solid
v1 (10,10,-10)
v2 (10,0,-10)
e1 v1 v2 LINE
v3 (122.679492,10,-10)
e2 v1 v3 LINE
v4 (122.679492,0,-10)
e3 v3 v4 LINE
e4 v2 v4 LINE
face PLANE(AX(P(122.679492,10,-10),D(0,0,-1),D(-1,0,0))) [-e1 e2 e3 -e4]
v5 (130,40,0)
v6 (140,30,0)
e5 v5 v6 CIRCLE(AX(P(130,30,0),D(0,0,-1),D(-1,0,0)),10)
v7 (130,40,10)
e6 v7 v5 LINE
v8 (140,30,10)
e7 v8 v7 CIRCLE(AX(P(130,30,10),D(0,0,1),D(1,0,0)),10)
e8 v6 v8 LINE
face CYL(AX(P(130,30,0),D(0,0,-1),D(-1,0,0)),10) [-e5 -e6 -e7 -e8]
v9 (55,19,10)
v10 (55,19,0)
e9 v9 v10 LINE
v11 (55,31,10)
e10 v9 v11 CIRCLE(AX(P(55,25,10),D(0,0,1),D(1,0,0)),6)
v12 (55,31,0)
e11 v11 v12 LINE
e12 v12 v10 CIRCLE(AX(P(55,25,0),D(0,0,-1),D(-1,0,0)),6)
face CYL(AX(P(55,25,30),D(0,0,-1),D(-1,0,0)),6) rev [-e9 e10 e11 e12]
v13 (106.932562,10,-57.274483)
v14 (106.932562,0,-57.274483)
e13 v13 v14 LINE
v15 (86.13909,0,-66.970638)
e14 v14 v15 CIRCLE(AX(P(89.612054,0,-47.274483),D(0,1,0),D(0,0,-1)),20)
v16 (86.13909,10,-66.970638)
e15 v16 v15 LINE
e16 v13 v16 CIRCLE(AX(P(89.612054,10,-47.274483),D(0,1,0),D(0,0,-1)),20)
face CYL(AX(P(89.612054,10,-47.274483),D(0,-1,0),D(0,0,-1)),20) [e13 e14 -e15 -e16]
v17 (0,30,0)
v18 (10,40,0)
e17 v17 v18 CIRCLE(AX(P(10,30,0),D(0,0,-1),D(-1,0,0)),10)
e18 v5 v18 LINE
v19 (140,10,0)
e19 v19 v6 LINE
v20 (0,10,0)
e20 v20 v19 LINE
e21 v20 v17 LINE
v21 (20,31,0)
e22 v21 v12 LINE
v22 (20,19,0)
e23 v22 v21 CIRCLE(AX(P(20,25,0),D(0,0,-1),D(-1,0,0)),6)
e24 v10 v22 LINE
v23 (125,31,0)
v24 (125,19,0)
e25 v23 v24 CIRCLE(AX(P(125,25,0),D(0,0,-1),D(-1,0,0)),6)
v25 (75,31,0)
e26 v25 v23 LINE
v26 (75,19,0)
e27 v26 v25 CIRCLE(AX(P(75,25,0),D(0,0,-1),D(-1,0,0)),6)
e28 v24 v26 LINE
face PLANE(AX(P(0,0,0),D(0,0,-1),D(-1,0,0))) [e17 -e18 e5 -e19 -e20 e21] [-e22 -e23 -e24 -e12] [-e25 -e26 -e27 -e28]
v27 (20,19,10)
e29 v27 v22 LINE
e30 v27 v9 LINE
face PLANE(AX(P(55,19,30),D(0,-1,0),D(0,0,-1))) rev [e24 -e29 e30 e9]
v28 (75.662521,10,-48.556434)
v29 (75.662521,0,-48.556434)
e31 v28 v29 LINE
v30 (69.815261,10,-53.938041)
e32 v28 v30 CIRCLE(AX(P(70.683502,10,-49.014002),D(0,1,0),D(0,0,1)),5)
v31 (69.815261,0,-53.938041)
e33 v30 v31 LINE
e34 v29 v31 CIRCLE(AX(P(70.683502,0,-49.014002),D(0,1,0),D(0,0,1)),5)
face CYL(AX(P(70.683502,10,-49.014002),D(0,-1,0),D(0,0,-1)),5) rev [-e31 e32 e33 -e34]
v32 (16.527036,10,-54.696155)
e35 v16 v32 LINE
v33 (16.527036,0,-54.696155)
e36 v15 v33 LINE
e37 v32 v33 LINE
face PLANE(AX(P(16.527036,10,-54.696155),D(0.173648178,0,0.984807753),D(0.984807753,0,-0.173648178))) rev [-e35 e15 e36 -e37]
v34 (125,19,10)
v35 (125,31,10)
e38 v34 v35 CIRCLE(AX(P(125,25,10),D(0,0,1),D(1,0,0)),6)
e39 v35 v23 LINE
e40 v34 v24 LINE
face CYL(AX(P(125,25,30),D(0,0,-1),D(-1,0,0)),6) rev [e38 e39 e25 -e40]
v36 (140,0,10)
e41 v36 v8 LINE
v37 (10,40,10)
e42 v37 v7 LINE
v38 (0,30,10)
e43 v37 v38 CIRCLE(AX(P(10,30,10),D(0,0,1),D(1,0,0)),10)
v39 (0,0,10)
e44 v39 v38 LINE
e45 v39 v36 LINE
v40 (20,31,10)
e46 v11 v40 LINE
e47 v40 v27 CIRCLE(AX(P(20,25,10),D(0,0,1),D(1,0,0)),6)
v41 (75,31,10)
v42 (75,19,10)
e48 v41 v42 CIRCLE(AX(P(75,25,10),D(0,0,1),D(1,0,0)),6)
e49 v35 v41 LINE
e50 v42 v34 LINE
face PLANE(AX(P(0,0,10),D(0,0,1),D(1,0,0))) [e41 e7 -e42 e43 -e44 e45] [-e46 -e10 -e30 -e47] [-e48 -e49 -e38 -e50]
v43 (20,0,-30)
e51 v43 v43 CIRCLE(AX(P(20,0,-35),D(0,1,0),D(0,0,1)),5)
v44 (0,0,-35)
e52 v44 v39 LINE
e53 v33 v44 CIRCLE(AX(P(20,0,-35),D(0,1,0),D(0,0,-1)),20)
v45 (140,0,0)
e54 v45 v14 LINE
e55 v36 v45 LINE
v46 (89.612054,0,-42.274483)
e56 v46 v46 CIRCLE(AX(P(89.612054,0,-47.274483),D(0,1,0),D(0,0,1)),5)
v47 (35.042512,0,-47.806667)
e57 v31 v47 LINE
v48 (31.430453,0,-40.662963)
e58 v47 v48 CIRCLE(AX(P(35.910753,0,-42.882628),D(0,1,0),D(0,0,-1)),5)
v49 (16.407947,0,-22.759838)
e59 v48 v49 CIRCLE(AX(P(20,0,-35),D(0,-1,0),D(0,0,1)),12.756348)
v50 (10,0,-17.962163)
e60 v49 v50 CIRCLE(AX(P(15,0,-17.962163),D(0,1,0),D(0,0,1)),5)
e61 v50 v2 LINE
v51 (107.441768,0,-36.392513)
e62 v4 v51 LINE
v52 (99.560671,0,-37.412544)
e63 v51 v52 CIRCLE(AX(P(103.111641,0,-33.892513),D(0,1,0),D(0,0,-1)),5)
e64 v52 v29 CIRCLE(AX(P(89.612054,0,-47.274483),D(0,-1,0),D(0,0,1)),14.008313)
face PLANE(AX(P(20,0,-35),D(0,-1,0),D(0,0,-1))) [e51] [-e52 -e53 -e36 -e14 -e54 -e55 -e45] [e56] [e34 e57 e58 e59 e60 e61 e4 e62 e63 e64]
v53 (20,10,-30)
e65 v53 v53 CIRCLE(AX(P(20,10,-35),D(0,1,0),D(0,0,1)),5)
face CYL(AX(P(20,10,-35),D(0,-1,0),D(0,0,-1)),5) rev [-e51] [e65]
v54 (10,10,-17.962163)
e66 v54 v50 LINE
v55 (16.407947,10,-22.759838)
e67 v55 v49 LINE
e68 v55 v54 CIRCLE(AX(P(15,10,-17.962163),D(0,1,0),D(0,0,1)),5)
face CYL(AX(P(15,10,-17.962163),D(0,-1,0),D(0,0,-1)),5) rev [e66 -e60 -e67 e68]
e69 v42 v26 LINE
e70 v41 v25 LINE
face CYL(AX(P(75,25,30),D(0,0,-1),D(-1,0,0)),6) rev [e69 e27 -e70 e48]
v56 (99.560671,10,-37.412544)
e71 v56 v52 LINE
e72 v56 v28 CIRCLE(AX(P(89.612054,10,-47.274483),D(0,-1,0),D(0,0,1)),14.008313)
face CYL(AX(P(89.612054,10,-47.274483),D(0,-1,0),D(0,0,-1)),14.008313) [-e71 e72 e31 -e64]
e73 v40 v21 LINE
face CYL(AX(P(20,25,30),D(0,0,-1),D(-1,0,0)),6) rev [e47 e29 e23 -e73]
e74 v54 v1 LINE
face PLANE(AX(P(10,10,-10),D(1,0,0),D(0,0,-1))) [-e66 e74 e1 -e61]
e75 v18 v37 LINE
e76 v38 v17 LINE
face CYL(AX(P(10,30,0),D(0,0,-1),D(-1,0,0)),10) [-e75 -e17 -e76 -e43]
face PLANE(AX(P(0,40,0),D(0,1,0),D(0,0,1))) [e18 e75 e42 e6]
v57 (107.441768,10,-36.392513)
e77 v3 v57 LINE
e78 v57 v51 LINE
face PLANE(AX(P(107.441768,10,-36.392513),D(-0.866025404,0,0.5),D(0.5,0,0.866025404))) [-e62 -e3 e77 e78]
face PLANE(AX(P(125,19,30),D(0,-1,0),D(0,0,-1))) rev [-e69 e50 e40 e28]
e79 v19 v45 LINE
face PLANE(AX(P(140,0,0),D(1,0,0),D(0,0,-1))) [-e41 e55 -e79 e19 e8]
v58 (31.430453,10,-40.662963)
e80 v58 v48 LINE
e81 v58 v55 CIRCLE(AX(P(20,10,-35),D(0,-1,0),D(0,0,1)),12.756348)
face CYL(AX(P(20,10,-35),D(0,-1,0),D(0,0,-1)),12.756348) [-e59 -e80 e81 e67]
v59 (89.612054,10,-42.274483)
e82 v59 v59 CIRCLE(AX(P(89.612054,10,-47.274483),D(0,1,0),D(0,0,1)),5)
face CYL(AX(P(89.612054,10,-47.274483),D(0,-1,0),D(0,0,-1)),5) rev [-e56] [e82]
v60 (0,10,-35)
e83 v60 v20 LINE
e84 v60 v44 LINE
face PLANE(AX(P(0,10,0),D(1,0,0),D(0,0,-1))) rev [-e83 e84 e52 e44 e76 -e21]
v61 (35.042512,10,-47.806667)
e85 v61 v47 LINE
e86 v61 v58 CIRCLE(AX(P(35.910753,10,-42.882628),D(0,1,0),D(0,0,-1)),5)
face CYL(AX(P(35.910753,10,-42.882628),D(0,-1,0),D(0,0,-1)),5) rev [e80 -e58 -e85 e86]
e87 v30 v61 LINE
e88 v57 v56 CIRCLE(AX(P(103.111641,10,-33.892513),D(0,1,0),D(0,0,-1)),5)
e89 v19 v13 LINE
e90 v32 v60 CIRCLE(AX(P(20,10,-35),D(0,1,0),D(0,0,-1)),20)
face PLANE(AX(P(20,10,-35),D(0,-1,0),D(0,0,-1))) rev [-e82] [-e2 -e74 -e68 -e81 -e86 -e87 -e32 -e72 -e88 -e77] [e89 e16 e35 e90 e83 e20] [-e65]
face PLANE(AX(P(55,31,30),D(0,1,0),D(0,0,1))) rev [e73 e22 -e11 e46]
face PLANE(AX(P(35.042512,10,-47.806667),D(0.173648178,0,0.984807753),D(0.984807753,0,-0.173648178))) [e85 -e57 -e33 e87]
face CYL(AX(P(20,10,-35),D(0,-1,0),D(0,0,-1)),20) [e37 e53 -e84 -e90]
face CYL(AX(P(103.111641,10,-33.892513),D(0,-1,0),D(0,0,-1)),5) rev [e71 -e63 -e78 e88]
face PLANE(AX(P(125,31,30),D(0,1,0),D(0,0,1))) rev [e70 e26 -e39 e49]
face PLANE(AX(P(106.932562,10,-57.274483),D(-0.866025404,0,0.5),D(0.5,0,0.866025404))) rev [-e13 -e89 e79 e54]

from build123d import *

# Parameters (mm, degrees)
SKETCH1_R                = 5
BOSS_EXTRUDE1_DEPTH      = 10
BOSS_EXTRUDE2_DEPTH      = 30
BOSS_EXTRUDE2_DEPTH_BACK = 10
SKETCH2_W                = 140
SKETCH2_H                = 10
CUT_EXTRUDE1_DEPTH       = 30
FILLET1_R                = 10


with BuildPart() as part:
    # Sketch1 → Boss-Extrude1 (new body)
    with BuildSketch(Plane(origin=(0, 0, 0), x_dir=(1, 0, 0), z_dir=(0, 1, 0))):
        with BuildLine():
            Line((0, 0), (0, 35))
            ThreePointArc((0, 35), (4.679111138, 47.855752194), (16.527036447, 54.69615506))
            Line((16.527036447, 54.69615506), (86.139090058, 66.970638294))
            ThreePointArc((86.139090058, 66.970638294), (98.064418846, 65.400638975), (106.932561687, 57.274483234))
            Line((106.932561687, 57.274483234), (140, 0))
            Line((140, 0), (0, 0))
        make_face()
        with Locations(Location((20, 35, 0), (0, 0, 270))):
            Circle(SKETCH1_R, mode=Mode.SUBTRACT)
        with Locations(Location((89.612053611, 47.274483234, 0), (0, 0, 270))):
            Circle(SKETCH1_R, mode=Mode.SUBTRACT)
        with BuildLine():
            Line((122.679491924, 10), (10, 10))
            Line((10, 10), (10, 17.962162855))
            ThreePointArc((10, 17.962162855), (12.003313152, 21.964645576), (16.407947174, 22.759837787))
            ThreePointArc((16.407947174, 22.759837787), (29.771929506, 26.800377555), (31.430453218, 40.662963335))
            ThreePointArc((31.430453218, 40.662963335), (31.448708001, 45.138764747), (35.042512339, 47.806666902))
            Line((35.042512339, 47.806666902), (69.815261378, 53.938040751))
            ThreePointArc((69.815261378, 53.938040751), (74.069509797, 52.692990027), (75.66252141, 48.556434103))
            ThreePointArc((75.66252141, 48.556434103), (83.691884517, 34.57863964), (99.560671411, 37.412543742))
            ThreePointArc((99.560671411, 37.412543742), (103.753425217, 38.851152942), (107.441767577, 36.39251276))
            Line((107.441767577, 36.39251276), (122.679491924, 10))
        make_face(mode=Mode.SUBTRACT)
    extrude(amount=BOSS_EXTRUDE1_DEPTH)

    # Sketch2 → Boss-Extrude2 (add, two sides: drawn at the far end of the back side and taken through both)
    with BuildSketch(Plane(origin=(0, 10, 0), x_dir=(1, 0, 0), z_dir=(0, 1, 0)).offset(-BOSS_EXTRUDE2_DEPTH_BACK)):
        with Locations((70, -5)):
            Rectangle(SKETCH2_W, SKETCH2_H)
    extrude(amount=BOSS_EXTRUDE2_DEPTH + BOSS_EXTRUDE2_DEPTH_BACK)

    # Sketch3 → Cut-Extrude1 (cut)
    with BuildSketch(Plane(origin=(0, 0, 0), x_dir=(-1, 0, 0), z_dir=(0, 0, -1))):
        with BuildLine():
            Line((-125, 31), (-75, 31))
            ThreePointArc((-75, 31), (-69, 25), (-75, 19))
            Line((-75, 19), (-125, 19))
            ThreePointArc((-125, 19), (-131, 25), (-125, 31))
        make_face()
        with BuildLine():
            Line((-55, 31), (-20, 31))
            ThreePointArc((-20, 31), (-14, 25), (-20, 19))
            Line((-20, 19), (-55, 19))
            ThreePointArc((-55, 19), (-61, 25), (-55, 31))
        make_face()
    extrude(amount=-CUT_EXTRUDE1_DEPTH, mode=Mode.SUBTRACT)

    # Fillet1
    fillet1_edges = [part.edges().sort_by_distance(p)[0] for p in [
        (0, 40, 5),
        (140, 40, 5),
    ]]
    fillet(fillet1_edges, radius=FILLET1_R)


solid = part.part
